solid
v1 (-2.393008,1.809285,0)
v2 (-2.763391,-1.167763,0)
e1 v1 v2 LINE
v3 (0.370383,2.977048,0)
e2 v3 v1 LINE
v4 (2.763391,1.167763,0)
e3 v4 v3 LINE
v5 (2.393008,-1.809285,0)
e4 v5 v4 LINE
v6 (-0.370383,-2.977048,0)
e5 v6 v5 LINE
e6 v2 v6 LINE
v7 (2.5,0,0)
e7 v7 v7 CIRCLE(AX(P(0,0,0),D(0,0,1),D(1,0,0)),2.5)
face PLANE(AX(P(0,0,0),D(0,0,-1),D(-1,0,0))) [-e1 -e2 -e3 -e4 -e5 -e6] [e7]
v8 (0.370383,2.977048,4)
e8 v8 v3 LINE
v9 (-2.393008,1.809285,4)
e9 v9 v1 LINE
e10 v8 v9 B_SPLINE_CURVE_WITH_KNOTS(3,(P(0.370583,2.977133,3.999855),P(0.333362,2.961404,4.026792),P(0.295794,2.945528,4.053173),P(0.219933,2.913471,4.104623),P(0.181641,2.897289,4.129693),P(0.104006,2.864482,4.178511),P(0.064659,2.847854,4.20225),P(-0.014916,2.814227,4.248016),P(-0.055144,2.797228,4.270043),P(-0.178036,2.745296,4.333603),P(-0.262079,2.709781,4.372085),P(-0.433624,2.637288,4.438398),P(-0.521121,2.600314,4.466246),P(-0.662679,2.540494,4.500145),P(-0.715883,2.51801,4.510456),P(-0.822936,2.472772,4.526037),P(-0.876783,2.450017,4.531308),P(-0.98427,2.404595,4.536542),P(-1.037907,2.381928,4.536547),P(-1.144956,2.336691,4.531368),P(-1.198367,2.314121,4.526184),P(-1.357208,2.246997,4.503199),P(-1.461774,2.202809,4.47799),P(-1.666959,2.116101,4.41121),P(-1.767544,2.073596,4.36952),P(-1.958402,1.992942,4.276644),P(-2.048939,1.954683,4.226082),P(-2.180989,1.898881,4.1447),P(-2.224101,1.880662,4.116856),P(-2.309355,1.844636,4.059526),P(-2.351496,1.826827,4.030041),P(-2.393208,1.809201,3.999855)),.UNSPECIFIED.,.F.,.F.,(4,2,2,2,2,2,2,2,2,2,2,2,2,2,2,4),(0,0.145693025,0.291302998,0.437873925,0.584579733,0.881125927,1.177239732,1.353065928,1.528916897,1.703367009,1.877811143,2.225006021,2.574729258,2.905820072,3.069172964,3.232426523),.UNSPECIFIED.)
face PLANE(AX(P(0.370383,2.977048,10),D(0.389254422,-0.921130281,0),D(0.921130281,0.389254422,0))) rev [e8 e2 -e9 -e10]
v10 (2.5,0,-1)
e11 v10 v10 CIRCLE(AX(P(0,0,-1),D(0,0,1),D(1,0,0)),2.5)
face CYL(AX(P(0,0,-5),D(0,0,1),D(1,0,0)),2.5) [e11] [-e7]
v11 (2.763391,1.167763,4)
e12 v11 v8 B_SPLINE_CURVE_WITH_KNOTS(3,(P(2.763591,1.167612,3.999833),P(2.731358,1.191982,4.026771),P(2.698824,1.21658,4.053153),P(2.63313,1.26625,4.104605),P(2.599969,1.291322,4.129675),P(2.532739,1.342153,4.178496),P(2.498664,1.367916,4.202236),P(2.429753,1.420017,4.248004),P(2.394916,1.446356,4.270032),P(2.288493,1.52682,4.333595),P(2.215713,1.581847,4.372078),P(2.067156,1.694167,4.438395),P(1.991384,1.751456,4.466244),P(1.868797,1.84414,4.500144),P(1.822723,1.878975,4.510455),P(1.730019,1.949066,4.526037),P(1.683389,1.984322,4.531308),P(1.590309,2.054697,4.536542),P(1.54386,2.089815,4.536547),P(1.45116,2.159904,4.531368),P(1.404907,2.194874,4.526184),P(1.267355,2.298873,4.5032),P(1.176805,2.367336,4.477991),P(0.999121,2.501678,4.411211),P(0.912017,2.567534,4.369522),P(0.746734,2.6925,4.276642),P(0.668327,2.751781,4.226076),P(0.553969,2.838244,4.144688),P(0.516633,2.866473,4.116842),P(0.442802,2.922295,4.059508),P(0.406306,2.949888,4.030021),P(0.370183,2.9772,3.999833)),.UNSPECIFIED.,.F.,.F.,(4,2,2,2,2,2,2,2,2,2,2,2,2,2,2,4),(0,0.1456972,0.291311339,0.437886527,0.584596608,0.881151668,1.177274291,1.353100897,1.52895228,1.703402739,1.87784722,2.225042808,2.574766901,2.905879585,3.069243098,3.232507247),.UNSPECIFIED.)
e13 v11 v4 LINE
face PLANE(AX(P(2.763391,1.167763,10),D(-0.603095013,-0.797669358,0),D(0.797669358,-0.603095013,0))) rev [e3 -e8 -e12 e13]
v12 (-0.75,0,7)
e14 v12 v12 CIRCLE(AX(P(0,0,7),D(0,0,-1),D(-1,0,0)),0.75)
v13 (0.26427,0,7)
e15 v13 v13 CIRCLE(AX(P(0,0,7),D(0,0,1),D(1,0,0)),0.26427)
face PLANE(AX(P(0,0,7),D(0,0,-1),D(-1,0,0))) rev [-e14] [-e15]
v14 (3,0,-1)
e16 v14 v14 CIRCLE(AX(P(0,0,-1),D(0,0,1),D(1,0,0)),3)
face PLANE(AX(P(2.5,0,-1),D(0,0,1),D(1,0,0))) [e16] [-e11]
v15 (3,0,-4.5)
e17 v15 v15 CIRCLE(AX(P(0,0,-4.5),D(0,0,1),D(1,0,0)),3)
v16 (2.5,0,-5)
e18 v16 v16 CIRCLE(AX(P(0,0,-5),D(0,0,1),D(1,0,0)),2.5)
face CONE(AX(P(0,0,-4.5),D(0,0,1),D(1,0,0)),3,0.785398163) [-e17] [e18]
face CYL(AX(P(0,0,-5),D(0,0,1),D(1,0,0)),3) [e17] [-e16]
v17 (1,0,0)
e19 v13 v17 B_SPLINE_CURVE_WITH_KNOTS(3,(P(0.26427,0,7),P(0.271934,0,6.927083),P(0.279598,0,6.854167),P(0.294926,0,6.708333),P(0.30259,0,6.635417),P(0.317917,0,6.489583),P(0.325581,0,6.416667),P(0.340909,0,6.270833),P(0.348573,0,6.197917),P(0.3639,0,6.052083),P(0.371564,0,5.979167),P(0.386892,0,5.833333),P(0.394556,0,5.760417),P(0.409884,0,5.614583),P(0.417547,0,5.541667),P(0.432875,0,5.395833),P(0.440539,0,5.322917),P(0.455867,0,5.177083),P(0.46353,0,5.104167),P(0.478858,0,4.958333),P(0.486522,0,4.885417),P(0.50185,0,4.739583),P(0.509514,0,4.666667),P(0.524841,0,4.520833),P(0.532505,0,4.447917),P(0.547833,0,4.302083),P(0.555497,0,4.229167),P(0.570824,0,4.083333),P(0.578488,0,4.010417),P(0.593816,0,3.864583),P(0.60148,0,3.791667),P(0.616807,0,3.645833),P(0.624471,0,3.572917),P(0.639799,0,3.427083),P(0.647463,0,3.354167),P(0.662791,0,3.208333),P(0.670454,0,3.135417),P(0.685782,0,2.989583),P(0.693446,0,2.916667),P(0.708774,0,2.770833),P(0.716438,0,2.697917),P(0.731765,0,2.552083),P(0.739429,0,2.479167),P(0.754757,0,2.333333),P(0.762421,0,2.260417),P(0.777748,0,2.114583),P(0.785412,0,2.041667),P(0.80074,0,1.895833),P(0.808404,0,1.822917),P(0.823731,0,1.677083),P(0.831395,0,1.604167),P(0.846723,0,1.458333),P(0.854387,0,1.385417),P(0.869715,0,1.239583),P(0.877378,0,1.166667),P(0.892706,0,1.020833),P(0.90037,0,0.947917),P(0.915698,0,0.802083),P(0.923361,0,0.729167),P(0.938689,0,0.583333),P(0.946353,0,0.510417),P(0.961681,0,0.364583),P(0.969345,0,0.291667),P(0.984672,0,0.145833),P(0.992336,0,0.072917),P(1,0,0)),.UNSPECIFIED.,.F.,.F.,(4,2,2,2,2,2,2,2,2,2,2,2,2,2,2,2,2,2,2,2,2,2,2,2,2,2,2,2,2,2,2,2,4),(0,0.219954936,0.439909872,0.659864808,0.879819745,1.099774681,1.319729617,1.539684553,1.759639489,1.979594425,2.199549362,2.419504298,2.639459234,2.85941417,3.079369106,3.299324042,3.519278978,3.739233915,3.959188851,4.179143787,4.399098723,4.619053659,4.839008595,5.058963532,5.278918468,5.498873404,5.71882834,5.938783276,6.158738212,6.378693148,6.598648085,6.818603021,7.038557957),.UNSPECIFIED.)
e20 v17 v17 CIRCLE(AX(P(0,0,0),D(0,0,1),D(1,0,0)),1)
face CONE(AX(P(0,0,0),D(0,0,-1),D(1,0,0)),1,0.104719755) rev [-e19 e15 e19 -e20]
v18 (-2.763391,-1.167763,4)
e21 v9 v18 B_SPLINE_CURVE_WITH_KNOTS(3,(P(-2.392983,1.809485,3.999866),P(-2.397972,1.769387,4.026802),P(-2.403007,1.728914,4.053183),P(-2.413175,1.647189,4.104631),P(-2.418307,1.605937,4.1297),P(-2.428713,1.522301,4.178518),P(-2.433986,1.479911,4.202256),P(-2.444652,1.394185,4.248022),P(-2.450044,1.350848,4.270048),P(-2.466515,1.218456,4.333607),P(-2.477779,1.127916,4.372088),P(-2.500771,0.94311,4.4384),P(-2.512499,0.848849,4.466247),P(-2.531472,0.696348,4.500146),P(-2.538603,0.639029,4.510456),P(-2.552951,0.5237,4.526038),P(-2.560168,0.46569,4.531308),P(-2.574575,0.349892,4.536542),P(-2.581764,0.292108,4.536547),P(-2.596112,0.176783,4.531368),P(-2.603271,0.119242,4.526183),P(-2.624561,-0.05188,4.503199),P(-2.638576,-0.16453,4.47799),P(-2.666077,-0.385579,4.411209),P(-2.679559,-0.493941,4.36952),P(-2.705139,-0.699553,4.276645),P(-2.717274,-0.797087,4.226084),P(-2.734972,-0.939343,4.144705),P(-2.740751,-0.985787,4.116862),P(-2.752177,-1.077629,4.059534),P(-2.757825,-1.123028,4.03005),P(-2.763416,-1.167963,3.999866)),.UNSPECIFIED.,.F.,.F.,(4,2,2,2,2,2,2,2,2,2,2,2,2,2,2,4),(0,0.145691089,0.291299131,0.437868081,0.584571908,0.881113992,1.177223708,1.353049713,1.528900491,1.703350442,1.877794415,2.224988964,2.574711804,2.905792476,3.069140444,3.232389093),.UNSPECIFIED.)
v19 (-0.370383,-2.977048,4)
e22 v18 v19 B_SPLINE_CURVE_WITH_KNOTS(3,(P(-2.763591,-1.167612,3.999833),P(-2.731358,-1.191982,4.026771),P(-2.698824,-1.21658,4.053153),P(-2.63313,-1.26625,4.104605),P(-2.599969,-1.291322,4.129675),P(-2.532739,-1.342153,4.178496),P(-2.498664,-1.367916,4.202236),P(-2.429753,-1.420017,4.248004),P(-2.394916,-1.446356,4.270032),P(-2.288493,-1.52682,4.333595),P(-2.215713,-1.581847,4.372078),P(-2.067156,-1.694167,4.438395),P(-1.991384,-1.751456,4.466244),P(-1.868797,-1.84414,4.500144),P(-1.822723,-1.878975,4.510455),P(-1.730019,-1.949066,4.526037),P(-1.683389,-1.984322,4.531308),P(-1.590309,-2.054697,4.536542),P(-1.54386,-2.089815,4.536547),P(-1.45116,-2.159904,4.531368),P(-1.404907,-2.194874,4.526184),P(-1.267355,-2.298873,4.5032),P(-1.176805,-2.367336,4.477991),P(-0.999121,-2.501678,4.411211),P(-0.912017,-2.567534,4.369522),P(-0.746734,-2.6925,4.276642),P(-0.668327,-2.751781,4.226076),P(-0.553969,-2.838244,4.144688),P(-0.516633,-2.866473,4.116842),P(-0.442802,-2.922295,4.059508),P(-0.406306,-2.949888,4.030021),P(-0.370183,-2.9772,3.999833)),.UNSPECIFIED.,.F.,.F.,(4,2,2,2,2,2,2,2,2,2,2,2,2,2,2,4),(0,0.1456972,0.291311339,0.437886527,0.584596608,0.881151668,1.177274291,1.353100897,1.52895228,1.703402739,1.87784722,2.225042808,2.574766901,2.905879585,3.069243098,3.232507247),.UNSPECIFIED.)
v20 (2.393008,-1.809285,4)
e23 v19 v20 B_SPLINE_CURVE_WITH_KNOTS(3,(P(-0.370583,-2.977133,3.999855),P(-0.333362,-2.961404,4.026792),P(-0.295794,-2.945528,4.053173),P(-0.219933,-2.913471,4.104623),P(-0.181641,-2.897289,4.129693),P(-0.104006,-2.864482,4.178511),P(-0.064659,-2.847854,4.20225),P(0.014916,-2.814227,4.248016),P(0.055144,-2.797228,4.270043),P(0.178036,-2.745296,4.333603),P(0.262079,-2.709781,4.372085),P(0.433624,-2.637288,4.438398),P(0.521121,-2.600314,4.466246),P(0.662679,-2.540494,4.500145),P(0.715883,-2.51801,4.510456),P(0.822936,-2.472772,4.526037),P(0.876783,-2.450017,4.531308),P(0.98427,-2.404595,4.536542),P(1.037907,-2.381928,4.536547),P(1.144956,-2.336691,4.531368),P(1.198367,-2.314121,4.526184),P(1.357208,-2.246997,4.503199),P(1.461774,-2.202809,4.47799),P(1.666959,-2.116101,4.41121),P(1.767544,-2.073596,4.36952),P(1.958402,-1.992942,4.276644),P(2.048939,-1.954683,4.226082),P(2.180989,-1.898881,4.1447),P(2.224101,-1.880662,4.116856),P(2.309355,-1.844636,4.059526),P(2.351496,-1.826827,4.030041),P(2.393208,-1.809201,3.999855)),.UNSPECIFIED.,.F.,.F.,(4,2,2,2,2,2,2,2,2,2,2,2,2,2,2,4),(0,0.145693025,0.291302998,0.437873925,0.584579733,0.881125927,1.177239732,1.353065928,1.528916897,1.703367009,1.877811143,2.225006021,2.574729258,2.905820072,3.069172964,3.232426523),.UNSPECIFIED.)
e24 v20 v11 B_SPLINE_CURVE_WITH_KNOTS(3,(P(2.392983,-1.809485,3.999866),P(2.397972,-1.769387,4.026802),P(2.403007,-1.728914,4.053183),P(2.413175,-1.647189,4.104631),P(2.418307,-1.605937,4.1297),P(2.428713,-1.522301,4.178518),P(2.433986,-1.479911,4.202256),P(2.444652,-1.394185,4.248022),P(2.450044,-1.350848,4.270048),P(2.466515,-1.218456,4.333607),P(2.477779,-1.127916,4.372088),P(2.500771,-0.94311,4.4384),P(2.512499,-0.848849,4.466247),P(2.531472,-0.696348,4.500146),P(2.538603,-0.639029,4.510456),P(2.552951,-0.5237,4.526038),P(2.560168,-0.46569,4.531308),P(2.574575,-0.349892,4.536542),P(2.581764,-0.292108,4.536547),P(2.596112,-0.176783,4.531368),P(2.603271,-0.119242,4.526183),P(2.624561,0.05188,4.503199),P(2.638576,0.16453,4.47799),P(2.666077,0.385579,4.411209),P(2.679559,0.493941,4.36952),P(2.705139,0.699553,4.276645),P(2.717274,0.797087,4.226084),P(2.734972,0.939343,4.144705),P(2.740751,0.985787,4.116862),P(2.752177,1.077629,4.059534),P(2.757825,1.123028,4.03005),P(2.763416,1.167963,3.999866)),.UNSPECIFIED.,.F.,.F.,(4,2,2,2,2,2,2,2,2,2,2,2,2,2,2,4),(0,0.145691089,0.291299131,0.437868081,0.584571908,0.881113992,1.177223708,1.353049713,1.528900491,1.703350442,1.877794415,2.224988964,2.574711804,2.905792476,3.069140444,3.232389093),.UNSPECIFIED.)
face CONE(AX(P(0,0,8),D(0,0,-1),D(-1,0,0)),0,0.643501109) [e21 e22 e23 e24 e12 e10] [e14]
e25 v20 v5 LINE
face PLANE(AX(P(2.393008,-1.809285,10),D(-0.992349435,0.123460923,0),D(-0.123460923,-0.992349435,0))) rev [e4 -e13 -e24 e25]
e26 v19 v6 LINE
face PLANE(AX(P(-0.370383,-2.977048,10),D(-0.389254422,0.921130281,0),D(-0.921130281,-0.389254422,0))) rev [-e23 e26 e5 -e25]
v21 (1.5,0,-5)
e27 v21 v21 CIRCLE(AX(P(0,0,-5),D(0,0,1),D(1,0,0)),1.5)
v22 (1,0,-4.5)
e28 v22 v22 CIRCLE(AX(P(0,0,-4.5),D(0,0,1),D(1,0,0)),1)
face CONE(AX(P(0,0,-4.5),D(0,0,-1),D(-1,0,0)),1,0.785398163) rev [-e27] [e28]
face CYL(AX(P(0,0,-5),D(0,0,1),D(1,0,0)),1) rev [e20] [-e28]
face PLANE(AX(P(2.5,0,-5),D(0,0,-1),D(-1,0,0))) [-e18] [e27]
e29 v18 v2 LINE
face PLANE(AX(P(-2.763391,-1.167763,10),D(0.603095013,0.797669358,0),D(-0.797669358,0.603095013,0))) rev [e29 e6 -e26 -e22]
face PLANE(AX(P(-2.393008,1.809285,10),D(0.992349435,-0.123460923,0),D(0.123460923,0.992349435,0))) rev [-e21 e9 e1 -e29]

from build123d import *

# Parameters (mm, degrees)
CROQUIS8_W            = 2.174939389
CROQUIS8_H            = 2.19283881
CORTAR_EXTRUIR2_DEPTH = 10
CROQUIS11_R           = 1
CORTAR_EXTRUIR3_DEPTH = 9.185352772
CORTAR_EXTRUIR3_TAPER = 6
CROQUIS13_OUTSIDE_W   = 10.94
CROQUIS13_OUTSIDE_H   = 10.94
CORTAR_EXTRUIR4_DEPTH = 10


with BuildPart() as part:
    # Croquis1 → Revolución1 (revolve)
    with BuildSketch(Plane(origin=(0, 0, 0), x_dir=(1, 0, 0), z_dir=(0, 1, 0))):
        Polygon((2.5, 5), (0, 5), (0, 0), (2.5, 0), (2.5, 1), (3, 1), (3, 4.5), align=None)
    revolve(axis=Axis((0, 0, -5), (0, 0, 1)))

    # Croquis2 → Cortar-Revolución1 (revolve, cut)
    with BuildSketch(Plane(origin=(0, 0, 0), x_dir=(1, 0, 0), z_dir=(0, 1, 0))):
        Polygon((1.5, 5), (0, 5), (0, -8), (0.2, -8), (0.2, -7.2), (1, -6.4), (1, 4.5), align=None)
    revolve(axis=Axis((0, 0, -5), (0, 0, 1)), mode=Mode.SUBTRACT)

    # Croquis4 → Revolución2 (revolve)
    with BuildSketch(Plane(origin=(0, 0, 0), x_dir=(1, 0, 0), z_dir=(0, 1, 0)), mode=Mode.PRIVATE) as revoluci_n2_sk:
        Polygon((0, 0), (0, -8), (3, -4), (3, 0), align=None)
    revolve(revoluci_n2_sk.sketch.rotate(Axis((0, 0, 0), (0, 0, 1)), 180), axis=Axis((0, 0, 0), (0, 0, 1)))

    # Croquis8 → Cortar-Extruir2 (cut)
    with BuildSketch(Plane.XY.offset(7)):
        with Locations((-0.052168773, -0.007828758)):
            Rectangle(CROQUIS8_W, CROQUIS8_H)
    extrude(amount=CORTAR_EXTRUIR2_DEPTH, mode=Mode.SUBTRACT)

    # Croquis11 → Cortar-Extruir3 (cut, through all)
    with BuildSketch(Plane.XY):
        Circle(CROQUIS11_R)
    extrude(amount=CORTAR_EXTRUIR3_DEPTH, taper=CORTAR_EXTRUIR3_TAPER, mode=Mode.SUBTRACT)

    # Croquis13 outside → Cortar-Extruir4 (cut)
    with BuildSketch(Plane.XY):
        Rectangle(CROQUIS13_OUTSIDE_W, CROQUIS13_OUTSIDE_H)
        Polygon((2.763390844, 1.167763265), (0.370382769, 2.977048304), (-2.393008075, 1.809285039), (-2.763390844, -1.167763265), (-0.370382769, -2.977048304), (2.393008075, -1.809285039), align=None, mode=Mode.SUBTRACT)
    extrude(amount=CORTAR_EXTRUIR4_DEPTH, mode=Mode.SUBTRACT)


solid = part.part
